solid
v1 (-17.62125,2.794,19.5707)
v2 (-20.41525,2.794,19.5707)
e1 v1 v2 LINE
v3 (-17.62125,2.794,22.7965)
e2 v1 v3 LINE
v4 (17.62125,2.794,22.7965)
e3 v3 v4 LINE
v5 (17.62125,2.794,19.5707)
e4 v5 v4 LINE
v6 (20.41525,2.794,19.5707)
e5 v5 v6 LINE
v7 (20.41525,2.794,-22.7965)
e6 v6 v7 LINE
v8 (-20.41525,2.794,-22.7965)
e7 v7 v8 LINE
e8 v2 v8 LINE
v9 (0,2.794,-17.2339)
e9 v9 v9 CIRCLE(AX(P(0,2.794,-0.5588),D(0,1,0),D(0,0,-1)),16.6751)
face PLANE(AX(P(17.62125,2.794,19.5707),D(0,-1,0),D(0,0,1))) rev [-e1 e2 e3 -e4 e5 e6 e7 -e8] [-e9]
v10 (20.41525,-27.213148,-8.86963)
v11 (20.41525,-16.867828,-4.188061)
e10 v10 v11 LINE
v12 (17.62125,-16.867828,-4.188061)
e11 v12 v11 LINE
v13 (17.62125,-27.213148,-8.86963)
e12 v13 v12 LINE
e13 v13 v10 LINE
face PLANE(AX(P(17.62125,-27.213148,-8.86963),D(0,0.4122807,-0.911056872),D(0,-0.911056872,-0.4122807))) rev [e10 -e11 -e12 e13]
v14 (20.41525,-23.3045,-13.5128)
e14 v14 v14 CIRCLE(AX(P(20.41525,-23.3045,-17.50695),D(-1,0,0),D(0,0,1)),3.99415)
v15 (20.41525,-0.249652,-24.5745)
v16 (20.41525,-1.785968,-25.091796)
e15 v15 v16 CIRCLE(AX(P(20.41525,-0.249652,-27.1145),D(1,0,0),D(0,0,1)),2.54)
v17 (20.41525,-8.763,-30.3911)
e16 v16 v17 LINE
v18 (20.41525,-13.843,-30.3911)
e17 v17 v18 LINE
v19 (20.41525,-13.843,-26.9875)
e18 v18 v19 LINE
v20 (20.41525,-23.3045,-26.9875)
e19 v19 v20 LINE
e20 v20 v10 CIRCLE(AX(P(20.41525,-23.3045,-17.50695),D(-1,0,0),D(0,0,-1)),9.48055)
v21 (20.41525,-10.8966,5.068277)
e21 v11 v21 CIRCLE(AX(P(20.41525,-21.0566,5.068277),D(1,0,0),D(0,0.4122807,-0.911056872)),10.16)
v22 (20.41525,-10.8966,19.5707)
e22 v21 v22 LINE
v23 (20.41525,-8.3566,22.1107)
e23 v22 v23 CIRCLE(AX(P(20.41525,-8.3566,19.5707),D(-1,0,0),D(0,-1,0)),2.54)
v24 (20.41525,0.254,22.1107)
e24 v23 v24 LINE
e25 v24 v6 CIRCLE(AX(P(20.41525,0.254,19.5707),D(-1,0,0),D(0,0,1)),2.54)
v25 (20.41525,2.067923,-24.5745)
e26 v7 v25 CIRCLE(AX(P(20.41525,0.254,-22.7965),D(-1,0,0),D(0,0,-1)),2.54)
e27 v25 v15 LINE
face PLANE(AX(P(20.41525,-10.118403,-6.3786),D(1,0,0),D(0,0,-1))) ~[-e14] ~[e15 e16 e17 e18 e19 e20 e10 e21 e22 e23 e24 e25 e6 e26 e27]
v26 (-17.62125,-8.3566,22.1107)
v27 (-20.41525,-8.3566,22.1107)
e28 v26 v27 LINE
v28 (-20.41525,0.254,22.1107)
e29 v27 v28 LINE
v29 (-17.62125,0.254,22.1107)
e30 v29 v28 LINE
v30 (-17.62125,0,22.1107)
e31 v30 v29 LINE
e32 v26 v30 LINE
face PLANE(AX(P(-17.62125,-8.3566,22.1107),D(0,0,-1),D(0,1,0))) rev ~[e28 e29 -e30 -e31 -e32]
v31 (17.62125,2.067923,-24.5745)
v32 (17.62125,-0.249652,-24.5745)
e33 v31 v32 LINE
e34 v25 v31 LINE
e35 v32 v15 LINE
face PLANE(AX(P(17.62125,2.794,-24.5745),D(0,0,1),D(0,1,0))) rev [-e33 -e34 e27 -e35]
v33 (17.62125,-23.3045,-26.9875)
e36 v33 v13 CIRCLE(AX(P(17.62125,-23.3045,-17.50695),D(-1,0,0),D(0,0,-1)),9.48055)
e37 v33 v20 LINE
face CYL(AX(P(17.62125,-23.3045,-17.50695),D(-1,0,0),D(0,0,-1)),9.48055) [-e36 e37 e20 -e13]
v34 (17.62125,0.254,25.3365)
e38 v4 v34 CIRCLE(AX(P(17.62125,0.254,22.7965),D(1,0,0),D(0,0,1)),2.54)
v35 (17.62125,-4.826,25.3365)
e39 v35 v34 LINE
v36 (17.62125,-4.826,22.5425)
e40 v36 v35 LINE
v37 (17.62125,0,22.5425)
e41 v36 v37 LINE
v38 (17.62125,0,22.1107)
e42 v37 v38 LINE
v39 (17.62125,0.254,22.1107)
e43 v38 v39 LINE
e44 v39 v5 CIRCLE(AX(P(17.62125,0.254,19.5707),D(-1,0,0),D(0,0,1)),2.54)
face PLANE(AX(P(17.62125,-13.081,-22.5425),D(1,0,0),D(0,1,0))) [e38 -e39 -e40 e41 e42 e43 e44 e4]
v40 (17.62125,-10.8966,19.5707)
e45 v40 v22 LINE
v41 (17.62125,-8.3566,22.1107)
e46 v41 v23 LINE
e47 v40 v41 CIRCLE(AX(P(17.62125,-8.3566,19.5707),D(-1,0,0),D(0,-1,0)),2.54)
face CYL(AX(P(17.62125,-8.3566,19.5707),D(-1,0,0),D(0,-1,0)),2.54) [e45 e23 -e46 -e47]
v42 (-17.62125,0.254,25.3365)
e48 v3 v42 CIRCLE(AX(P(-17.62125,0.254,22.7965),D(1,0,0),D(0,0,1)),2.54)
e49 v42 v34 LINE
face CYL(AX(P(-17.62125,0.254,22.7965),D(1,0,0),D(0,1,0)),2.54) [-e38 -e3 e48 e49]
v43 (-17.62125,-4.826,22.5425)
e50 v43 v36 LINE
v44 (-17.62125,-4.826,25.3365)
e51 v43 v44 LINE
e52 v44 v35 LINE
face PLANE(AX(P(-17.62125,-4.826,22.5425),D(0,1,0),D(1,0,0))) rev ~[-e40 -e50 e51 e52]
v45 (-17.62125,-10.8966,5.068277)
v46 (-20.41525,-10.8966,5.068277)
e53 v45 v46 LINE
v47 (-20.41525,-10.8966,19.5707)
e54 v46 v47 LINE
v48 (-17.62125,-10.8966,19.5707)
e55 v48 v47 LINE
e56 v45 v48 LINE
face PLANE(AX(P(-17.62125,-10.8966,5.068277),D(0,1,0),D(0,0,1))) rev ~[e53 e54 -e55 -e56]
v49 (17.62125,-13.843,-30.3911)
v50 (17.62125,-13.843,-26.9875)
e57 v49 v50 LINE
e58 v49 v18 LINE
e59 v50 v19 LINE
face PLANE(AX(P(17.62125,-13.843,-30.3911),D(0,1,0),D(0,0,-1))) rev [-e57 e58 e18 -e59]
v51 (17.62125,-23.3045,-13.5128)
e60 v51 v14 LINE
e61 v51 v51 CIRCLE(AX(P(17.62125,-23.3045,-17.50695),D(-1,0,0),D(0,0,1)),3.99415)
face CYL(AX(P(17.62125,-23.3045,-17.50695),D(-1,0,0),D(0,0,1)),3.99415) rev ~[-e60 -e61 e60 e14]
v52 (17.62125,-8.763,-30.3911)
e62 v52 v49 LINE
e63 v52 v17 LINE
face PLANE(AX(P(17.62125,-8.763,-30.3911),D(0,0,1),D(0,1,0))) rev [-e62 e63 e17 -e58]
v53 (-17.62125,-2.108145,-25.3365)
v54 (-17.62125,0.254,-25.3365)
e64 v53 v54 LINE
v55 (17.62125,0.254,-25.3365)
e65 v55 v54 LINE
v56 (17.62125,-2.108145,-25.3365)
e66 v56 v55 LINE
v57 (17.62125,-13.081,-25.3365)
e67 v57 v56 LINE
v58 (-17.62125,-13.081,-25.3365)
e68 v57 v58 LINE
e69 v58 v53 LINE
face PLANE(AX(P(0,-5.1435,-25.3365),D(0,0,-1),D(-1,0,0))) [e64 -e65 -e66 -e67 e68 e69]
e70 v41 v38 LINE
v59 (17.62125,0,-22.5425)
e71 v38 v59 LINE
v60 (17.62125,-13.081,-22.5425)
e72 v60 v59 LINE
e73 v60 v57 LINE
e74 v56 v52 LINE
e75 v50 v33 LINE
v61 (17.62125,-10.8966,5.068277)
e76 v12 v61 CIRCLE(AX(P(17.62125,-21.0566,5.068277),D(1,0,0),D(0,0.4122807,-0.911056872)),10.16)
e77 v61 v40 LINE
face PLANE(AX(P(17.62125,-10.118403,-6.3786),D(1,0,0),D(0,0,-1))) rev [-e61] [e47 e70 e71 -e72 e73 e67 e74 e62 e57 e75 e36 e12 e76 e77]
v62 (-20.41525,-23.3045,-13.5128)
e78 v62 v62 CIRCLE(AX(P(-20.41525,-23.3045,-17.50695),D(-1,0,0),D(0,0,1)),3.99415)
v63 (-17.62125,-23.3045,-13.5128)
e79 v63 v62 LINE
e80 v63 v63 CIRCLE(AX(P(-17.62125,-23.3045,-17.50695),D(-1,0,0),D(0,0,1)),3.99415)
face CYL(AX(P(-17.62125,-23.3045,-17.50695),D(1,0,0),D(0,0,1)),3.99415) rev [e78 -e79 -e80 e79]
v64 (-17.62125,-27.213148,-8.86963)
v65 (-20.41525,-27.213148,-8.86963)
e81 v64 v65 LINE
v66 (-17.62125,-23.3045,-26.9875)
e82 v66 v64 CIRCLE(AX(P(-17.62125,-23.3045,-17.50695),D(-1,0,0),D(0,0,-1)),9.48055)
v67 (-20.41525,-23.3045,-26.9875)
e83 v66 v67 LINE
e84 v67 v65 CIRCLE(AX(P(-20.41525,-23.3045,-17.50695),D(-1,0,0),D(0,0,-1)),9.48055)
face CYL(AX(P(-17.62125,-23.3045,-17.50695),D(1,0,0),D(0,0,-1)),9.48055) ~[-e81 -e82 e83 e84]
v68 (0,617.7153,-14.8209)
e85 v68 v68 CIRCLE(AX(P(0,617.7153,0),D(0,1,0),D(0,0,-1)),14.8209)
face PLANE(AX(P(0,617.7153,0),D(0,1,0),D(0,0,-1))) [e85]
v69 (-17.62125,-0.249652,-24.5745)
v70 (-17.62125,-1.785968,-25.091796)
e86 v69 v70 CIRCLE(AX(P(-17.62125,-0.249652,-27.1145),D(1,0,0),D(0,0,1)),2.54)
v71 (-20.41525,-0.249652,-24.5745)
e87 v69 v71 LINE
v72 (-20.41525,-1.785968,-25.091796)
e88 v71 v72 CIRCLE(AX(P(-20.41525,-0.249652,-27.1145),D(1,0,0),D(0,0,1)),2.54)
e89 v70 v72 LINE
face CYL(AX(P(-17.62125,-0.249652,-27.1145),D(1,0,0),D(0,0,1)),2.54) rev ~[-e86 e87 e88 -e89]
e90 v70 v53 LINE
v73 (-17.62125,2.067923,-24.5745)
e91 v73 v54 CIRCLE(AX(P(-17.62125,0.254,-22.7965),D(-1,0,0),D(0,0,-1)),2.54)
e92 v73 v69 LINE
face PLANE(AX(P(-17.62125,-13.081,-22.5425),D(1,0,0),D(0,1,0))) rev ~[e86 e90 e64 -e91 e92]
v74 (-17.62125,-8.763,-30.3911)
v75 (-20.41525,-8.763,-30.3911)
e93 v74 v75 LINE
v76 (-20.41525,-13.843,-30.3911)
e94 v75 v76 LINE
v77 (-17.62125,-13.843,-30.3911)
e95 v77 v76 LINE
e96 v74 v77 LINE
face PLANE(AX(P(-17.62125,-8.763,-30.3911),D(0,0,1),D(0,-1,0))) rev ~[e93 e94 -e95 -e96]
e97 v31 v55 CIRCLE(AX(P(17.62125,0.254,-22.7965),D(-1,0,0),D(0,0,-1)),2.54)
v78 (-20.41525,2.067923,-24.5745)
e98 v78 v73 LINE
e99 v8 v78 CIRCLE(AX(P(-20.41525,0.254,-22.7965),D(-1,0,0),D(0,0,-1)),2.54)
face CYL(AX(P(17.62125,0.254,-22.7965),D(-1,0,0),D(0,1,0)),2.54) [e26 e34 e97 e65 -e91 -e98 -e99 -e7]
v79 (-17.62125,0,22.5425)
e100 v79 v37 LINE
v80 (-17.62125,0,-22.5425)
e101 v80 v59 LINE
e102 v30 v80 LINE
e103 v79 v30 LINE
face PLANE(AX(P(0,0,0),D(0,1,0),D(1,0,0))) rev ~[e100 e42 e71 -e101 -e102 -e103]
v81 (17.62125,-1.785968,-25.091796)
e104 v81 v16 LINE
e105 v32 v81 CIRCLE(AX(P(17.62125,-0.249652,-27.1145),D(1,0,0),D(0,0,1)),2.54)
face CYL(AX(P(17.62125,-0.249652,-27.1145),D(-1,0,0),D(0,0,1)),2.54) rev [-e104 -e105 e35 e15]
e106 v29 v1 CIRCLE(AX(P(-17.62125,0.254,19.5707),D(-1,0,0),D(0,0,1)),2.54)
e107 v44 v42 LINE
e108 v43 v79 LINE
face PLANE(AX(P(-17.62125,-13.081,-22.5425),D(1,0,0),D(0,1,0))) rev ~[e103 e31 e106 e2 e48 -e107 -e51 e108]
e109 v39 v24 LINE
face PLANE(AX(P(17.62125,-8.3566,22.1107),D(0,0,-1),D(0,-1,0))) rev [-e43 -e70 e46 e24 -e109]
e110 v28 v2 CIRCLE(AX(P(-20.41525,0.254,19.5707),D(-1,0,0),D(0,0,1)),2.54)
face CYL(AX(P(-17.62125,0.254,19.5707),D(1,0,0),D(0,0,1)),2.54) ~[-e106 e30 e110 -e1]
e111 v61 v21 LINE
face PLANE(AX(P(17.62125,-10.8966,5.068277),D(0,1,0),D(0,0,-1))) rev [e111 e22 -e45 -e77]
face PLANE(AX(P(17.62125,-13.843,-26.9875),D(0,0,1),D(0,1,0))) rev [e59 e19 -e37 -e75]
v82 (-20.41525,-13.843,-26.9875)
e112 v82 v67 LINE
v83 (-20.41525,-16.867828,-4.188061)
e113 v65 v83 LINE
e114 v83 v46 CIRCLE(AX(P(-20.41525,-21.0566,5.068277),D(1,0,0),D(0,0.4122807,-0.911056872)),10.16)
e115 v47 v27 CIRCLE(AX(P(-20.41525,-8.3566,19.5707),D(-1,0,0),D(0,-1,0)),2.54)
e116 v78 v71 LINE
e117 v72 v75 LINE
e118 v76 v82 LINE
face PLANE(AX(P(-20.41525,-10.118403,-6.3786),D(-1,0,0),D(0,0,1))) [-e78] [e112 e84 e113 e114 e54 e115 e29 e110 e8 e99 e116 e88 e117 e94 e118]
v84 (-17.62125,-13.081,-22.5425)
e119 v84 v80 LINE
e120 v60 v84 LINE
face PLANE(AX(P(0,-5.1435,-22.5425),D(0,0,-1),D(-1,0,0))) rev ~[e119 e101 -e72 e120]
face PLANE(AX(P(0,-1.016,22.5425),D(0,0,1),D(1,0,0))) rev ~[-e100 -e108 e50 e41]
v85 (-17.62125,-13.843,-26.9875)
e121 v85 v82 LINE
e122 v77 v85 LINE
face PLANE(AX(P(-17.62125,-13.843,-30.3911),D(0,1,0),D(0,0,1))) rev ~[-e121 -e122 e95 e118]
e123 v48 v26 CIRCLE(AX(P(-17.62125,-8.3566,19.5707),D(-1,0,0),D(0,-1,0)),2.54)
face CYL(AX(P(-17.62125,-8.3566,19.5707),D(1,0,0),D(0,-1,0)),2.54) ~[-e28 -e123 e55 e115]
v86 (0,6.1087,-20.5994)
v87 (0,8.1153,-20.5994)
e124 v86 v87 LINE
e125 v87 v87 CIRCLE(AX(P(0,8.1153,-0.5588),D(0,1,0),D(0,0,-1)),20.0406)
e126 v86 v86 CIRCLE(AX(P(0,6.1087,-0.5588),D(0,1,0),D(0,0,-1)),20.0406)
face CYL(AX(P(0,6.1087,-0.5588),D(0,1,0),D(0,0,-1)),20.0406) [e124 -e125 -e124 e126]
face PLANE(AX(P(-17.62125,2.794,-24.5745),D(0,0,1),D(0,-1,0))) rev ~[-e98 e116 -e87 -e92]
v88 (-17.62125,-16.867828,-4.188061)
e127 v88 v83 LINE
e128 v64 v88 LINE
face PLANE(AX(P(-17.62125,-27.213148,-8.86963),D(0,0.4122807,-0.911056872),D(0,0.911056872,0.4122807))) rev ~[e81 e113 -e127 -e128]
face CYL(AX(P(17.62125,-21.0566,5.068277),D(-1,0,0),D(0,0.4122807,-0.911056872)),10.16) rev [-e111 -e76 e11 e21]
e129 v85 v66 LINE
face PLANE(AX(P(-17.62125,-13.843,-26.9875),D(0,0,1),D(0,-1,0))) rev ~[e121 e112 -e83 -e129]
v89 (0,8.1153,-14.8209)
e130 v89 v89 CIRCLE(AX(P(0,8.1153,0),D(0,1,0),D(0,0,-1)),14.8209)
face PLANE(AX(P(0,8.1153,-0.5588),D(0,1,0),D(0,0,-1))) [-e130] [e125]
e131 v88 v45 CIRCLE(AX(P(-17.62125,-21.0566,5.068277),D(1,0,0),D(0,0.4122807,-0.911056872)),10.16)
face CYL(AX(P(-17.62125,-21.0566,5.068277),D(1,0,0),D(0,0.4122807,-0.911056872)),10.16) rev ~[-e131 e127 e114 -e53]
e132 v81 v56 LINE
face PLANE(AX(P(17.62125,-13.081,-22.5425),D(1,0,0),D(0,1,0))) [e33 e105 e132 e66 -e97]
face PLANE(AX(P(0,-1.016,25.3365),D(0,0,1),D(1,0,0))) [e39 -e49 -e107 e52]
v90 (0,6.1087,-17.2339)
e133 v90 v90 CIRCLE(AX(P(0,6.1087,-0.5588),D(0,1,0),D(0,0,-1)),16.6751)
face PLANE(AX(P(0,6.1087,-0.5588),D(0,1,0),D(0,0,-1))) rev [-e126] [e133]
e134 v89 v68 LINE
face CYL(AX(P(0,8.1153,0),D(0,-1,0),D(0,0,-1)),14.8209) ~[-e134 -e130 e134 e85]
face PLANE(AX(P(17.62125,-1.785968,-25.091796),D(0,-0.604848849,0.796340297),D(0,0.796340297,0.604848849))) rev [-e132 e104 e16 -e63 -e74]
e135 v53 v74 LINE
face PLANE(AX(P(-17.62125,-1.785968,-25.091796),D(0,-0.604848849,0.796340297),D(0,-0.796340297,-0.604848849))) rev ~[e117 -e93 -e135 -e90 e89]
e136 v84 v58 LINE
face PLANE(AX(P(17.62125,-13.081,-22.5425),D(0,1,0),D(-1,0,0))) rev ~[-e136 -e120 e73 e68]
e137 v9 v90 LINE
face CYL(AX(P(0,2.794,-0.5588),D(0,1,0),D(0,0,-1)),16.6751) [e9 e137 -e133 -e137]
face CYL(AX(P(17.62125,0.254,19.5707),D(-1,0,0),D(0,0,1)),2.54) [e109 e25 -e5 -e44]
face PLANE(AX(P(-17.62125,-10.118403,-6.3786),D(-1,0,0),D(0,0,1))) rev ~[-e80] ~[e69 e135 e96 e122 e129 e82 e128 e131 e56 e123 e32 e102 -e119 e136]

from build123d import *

# Parameters (mm, degrees)
SKETCH1_W           = 35.2425
SKETCH1_H           = 45.085
BOSS_EXTRUDE1_DEPTH = 2.794
SKETCH3_W           = 35.2425
SKETCH3_H           = 7.62
BOSS_EXTRUDE2_DEPTH = 2.794
SKETCH4_W           = 35.2425
SKETCH4_H           = 15.875
BOSS_EXTRUDE3_DEPTH = 2.794
SKETCH5_R           = 3.99415
BOSS_EXTRUDE5_DEPTH = 2.794
SKETCH8_R           = 14.8209
BOSS_EXTRUDE6_DEPTH = 609.6
FILLET1_R           = 2.54


with BuildPart() as part:
    # Sketch1 → Boss-Extrude1 (new body)
    with BuildSketch(Plane(origin=(0, 0, 0), x_dir=(1, 0, 0), z_dir=(0, 1, 0))):
        Rectangle(SKETCH1_W, SKETCH1_H)
    extrude(amount=BOSS_EXTRUDE1_DEPTH)

    # Sketch3 → Boss-Extrude2 (add)
    with BuildSketch(Plane.XY.offset(22.5425)):
        with Locations((0, -1.016)):
            Rectangle(SKETCH3_W, SKETCH3_H)
    extrude(amount=BOSS_EXTRUDE2_DEPTH)

    # Sketch4 → Boss-Extrude3 (add)
    with BuildSketch(Plane(origin=(0, 0, -22.5425), x_dir=(-1, 0, 0), z_dir=(0, 0, -1))):
        with Locations((0, -5.1435)):
            Rectangle(SKETCH4_W, SKETCH4_H)
    extrude(amount=BOSS_EXTRUDE3_DEPTH)

    # Sketch5 → Boss-Extrude5 (add)
    with BuildSketch(Plane.ZY.offset(17.62125)):
        with BuildLine():
            Line((-24.5745, 2.794), (-24.5745, -0.249652205))
            ThreePointArc((-24.5745, -0.249652205), (-24.707295287, -1.060186269), (-25.091795645, -1.785968283))
            Line((-25.091795645, -1.785968283), (-30.3911, -8.763))
            Line((-30.3911, -8.763), (-30.3911, -13.843))
            Line((-30.3911, -13.843), (-26.9875, -13.843))
            Line((-26.9875, -13.843), (-26.9875, -23.3045))
            ThreePointArc((-26.9875, -23.3045), (-19.506235123, -32.571845213), (-8.869629771, -27.213147793))
            Line((-8.869629771, -27.213147793), (-4.188060723, -16.867828085))
            ThreePointArc((-4.188060723, -16.867828085), (-0.439339327, -12.518932794), (5.068277097, -10.8966))
            Line((5.068277097, -10.8966), (19.5707, -10.8966))
            ThreePointArc((19.5707, -10.8966), (21.366751224, -10.152651224), (22.1107, -8.3566))
            Line((22.1107, -8.3566), (22.1107, 0.254))
            ThreePointArc((22.1107, 0.254), (21.366751224, 2.050051224), (19.5707, 2.794))
            Line((19.5707, 2.794), (-24.5745, 2.794))
        make_face()
        with Locations((-17.50695, -23.3045)):
            Circle(SKETCH5_R, mode=Mode.SUBTRACT)
    boss_extrude5 = extrude(amount=BOSS_EXTRUDE5_DEPTH)

    # Mirror1: Boss-Extrude5 across plane
    add(boss_extrude5.mirror(Plane(origin=(0, 0, 0), x_dir=(0, 0, 1), z_dir=(1, 0, 0))))

    # Sketch6 → Revolve1 (revolve)
    with BuildSketch(Plane(origin=(0, 0, 0), x_dir=(0, 0, -1), z_dir=(1, 0, 0))):
        Polygon((0.5588, 2.794), (17.2339, 2.794), (17.2339, 6.1087), (20.5994, 6.1087), (20.5994, 8.1153), (0.5588, 8.1153), align=None)
    revolve(axis=Axis((0, 2.794, -0.5588), (0, 1, 0)))

    # Sketch8 → Boss-Extrude6 (add)
    with BuildSketch(Plane(origin=(0, 8.1153, 0), x_dir=(1, 0, 0), z_dir=(0, 1, 0))):
        with Locations(Location((0, 0, 0), (0, 0, 90))):
            Circle(SKETCH8_R)
    extrude(amount=BOSS_EXTRUDE6_DEPTH)

    # Fillet1
    fillet1_edges = [part.edges().sort_by_distance(p)[0] for p in [
        (0, 2.794, -25.3365),
        (0, 2.794, 25.3365),
    ]]
    fillet(fillet1_edges, radius=FILLET1_R)


solid = part.part
